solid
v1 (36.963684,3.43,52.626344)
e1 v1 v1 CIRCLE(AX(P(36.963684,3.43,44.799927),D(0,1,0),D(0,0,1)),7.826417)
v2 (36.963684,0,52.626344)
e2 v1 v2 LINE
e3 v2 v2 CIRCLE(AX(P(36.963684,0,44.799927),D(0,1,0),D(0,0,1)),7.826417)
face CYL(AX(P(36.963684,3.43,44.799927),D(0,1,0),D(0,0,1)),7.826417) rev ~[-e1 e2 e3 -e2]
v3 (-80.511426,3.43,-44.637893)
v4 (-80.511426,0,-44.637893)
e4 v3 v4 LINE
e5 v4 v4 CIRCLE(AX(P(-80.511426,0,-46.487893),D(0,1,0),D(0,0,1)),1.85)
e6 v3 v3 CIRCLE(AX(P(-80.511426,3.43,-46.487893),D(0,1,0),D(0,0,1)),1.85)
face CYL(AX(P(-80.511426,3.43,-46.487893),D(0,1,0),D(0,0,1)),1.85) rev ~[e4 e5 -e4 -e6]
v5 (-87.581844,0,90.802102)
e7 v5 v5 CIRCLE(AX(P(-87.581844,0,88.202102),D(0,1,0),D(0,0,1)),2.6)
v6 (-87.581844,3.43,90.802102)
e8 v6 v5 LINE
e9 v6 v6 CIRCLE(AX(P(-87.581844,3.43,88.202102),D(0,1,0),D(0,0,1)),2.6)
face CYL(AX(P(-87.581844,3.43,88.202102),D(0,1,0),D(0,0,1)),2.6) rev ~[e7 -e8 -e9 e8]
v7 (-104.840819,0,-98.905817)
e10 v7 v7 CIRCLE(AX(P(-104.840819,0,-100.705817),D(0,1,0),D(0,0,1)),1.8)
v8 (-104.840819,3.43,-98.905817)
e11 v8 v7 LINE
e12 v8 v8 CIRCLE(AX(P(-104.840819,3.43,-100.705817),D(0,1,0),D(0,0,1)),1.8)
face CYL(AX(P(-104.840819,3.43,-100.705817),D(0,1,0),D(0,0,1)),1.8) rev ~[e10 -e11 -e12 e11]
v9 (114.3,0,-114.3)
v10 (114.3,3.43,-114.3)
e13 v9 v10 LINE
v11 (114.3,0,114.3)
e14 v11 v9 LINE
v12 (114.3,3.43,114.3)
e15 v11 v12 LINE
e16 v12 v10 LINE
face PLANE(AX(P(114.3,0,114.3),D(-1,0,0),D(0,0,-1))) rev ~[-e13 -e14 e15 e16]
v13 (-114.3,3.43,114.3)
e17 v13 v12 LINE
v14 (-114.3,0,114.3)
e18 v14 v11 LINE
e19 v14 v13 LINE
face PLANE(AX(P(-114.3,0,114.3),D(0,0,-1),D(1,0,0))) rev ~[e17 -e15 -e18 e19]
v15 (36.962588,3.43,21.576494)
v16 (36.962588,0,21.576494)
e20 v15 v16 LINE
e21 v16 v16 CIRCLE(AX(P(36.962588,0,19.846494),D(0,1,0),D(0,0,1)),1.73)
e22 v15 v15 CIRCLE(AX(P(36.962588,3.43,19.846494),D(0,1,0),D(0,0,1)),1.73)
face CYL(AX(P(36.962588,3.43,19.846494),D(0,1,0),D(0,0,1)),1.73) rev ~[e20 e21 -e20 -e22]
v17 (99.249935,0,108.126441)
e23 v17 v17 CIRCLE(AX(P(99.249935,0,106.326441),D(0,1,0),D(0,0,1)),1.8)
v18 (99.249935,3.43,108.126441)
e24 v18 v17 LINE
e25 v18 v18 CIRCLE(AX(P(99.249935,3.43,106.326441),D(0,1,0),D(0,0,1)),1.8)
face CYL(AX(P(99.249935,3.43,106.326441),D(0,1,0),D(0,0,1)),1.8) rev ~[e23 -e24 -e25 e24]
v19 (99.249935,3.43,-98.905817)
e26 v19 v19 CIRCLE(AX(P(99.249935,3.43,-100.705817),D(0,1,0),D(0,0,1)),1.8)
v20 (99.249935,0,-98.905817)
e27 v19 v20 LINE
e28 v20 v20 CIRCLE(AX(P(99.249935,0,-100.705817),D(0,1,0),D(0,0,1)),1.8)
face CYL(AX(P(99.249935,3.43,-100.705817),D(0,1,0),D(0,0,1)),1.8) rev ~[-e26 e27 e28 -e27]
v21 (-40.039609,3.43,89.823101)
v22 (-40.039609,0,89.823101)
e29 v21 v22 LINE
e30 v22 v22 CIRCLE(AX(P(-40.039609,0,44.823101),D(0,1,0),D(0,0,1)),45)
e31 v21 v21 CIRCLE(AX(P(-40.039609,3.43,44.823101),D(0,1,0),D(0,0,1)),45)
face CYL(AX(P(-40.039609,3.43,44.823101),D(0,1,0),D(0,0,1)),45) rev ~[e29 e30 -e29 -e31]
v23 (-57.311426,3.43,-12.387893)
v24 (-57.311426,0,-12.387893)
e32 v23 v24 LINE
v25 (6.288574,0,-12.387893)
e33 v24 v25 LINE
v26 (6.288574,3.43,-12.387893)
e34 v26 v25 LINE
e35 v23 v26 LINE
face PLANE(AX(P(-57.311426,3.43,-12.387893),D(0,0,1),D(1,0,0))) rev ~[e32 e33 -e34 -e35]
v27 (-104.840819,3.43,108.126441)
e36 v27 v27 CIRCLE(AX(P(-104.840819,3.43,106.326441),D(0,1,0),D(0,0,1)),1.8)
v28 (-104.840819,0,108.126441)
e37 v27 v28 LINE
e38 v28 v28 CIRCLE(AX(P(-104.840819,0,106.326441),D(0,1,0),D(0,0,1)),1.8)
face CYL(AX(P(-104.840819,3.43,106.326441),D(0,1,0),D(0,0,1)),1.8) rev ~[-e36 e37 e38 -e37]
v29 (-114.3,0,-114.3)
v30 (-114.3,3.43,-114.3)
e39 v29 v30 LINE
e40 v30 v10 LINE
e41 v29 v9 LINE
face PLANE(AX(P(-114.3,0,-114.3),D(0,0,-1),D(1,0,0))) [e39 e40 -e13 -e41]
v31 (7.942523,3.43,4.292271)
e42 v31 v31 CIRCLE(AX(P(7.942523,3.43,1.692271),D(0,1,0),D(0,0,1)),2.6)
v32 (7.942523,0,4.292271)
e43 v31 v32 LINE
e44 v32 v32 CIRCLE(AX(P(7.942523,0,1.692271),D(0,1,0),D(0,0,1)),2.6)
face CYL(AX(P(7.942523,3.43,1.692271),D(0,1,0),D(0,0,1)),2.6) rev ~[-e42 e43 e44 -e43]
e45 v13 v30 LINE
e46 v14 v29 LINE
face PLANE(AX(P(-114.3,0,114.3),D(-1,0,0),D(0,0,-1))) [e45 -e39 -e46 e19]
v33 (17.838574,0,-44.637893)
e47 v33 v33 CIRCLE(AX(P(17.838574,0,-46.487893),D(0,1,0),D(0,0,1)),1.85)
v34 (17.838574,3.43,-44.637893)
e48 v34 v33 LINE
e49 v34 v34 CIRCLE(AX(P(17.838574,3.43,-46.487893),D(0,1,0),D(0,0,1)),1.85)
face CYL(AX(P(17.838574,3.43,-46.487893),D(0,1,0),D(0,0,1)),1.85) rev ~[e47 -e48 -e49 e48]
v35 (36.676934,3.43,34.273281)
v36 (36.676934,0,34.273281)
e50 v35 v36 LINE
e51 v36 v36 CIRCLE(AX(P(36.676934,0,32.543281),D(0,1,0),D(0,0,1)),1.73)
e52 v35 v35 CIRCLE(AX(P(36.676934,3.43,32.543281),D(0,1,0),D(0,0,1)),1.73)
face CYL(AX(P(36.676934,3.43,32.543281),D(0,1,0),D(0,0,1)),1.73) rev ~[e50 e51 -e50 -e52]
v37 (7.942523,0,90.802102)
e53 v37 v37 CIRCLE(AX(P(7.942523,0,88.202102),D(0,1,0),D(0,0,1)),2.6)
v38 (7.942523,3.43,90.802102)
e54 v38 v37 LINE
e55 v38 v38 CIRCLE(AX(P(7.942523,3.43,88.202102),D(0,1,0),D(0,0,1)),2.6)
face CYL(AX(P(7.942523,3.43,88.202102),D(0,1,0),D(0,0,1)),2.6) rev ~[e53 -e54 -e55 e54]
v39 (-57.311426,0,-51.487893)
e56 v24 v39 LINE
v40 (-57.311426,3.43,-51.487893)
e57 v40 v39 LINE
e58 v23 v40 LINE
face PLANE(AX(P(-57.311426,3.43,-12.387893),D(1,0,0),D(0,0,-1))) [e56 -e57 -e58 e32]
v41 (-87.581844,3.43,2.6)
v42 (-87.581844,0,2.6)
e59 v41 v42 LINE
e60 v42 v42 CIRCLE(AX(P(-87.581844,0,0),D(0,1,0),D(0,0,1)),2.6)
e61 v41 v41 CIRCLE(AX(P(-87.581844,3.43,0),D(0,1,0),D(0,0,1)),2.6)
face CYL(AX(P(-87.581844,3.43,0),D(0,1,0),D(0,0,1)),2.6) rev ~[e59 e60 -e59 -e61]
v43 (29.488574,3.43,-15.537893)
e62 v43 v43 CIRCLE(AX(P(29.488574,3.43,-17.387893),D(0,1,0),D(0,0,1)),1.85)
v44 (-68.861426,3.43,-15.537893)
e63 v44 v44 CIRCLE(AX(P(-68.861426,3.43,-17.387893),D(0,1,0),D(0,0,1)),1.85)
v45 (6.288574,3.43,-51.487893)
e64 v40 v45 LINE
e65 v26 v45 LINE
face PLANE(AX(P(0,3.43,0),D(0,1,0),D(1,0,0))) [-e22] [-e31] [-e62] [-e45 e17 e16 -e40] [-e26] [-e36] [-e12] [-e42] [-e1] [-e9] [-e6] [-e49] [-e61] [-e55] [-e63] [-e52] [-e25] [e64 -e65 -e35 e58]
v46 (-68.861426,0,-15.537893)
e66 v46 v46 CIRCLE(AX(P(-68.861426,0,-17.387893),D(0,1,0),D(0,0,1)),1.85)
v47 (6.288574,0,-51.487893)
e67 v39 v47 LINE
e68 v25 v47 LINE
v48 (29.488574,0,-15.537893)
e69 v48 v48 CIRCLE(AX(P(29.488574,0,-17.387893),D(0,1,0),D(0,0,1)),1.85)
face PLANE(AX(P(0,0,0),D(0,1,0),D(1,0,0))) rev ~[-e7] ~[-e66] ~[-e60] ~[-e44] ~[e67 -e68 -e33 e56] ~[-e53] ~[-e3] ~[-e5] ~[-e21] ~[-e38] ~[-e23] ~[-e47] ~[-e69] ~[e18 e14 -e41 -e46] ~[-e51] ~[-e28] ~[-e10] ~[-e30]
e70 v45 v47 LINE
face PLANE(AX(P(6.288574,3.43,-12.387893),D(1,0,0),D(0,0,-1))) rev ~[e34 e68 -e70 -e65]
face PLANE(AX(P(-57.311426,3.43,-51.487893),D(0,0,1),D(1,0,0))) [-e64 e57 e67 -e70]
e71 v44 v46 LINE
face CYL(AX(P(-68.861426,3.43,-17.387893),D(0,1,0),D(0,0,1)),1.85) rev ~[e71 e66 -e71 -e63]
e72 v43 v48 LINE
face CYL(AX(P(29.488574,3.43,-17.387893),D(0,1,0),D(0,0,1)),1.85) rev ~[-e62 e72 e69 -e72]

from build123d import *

# Parameters (mm, degrees)
SKETCH2_W           = 228.6
SKETCH2_H           = 228.6
BOSS_EXTRUDE2_DEPTH = 3.43
SKETCH3_R           = 45
CUT_EXTRUDE1_DEPTH  = 3.43
SKETCH4_R           = 2.6
CUT_EXTRUDE2_DEPTH  = 3.43
SKETCH4_3_R         = 2.6
CUT_EXTRUDE3_DEPTH  = 3.43
SKETCH4_4_R         = 2.6
CUT_EXTRUDE4_DEPTH  = 3.43
SKETCH13_W          = 63.6
SKETCH13_H          = 39.1
CUT_EXTRUDE6_DEPTH  = 10
SKETCH21_R          = 1.85
CUT_EXTRUDE11_DEPTH = 10
SKETCH16_R          = 1.8
CUT_EXTRUDE9_DEPTH  = 10
SKETCH17_R          = 1.73
SKETCH17_R_2        = 7.82641692
CUT_EXTRUDE10_DEPTH = 10


with BuildPart() as part:
    # Sketch2 → Boss-Extrude2 (new body)
    with BuildSketch(Plane(origin=(0, 0, 0), x_dir=(1, 0, 0), z_dir=(0, 1, 0))):
        Rectangle(SKETCH2_W, SKETCH2_H)
    extrude(amount=BOSS_EXTRUDE2_DEPTH)

    # Sketch3 → Cut-Extrude1 (cut)
    with BuildSketch(Plane(origin=(0, 3.43, 0), x_dir=(1, 0, 0), z_dir=(0, 1, 0))):
        with Locations((-40.039608825, -44.823101489)):
            Circle(SKETCH3_R)
    extrude(amount=-CUT_EXTRUDE1_DEPTH, mode=Mode.SUBTRACT)

    # Sketch4 → Cut-Extrude2 (cut)
    with BuildSketch(Plane(origin=(0, 3.43, 0), x_dir=(1, 0, 0), z_dir=(0, 1, 0))):
        with Locations((7.942522776, -1.692270962)):
            Circle(SKETCH4_R)
    extrude(amount=-CUT_EXTRUDE2_DEPTH, mode=Mode.SUBTRACT)

    # Sketch4<3> → Cut-Extrude3 (cut)
    with BuildSketch(Plane(origin=(0, 3.43, 0), x_dir=(1, 0, 0), z_dir=(0, 1, 0))):
        with Locations((-87.581844281, 0)):
            Circle(SKETCH4_3_R)
    extrude(amount=-CUT_EXTRUDE3_DEPTH, mode=Mode.SUBTRACT)

    # Sketch4<4> → Cut-Extrude4 (cut)
    with BuildSketch(Plane(origin=(0, 3.43, 0), x_dir=(1, 0, 0), z_dir=(0, 1, 0))):
        with Locations((7.942522776, -88.202101991)):
            Circle(SKETCH4_4_R)
        with Locations((-87.581844281, -88.202101991)):
            Circle(SKETCH4_4_R)
    extrude(amount=-CUT_EXTRUDE4_DEPTH, mode=Mode.SUBTRACT)

    # Sketch13 → Cut-Extrude6 (cut)
    with BuildSketch(Plane(origin=(0, 3.43, 0), x_dir=(1, 0, 0), z_dir=(0, 1, 0))):
        with Locations((-25.511426019, 31.937893032)):
            Rectangle(SKETCH13_W, SKETCH13_H)
    extrude(amount=-CUT_EXTRUDE6_DEPTH, mode=Mode.SUBTRACT)

    # Sketch21 → Cut-Extrude11 (cut)
    with BuildSketch(Plane(origin=(0, 3.43, 0), x_dir=(1, 0, 0), z_dir=(0, 1, 0))):
        with Locations((-80.511426019, 46.487893032)):
            Circle(SKETCH21_R)
        with Locations((-68.861426019, 17.387893032)):
            Circle(SKETCH21_R)
        with Locations((29.488573981, 17.387893032)):
            Circle(SKETCH21_R)
        with Locations((17.838573981, 46.487893032)):
            Circle(SKETCH21_R)
    extrude(amount=-CUT_EXTRUDE11_DEPTH, mode=Mode.SUBTRACT)

    # Sketch16 → Cut-Extrude9 (cut)
    with BuildSketch(Plane(origin=(0, 3.43, 0), x_dir=(1, 0, 0), z_dir=(0, 1, 0))):
        with Locations((99.249935188, -106.326440771)):
            Circle(SKETCH16_R)
        with Locations((99.249935188, 100.705817131)):
            Circle(SKETCH16_R)
        with Locations((-104.840818846, 100.705817131)):
            Circle(SKETCH16_R)
        with Locations((-104.840818846, -106.326440771)):
            Circle(SKETCH16_R)
    extrude(amount=-CUT_EXTRUDE9_DEPTH, mode=Mode.SUBTRACT)

    # Sketch17 → Cut-Extrude10 (cut)
    with BuildSketch(Plane(origin=(0, 3.43, 0), x_dir=(1, 0, 0), z_dir=(0, 1, 0))):
        with Locations((36.96258804, -19.846493577)):
            Circle(SKETCH17_R)
        with Locations((36.676933631, -32.543280633)):
            Circle(SKETCH17_R)
        with Locations((36.963684366, -44.799926749)):
            Circle(SKETCH17_R_2)
    extrude(amount=-CUT_EXTRUDE10_DEPTH, mode=Mode.SUBTRACT)


solid = part.part
